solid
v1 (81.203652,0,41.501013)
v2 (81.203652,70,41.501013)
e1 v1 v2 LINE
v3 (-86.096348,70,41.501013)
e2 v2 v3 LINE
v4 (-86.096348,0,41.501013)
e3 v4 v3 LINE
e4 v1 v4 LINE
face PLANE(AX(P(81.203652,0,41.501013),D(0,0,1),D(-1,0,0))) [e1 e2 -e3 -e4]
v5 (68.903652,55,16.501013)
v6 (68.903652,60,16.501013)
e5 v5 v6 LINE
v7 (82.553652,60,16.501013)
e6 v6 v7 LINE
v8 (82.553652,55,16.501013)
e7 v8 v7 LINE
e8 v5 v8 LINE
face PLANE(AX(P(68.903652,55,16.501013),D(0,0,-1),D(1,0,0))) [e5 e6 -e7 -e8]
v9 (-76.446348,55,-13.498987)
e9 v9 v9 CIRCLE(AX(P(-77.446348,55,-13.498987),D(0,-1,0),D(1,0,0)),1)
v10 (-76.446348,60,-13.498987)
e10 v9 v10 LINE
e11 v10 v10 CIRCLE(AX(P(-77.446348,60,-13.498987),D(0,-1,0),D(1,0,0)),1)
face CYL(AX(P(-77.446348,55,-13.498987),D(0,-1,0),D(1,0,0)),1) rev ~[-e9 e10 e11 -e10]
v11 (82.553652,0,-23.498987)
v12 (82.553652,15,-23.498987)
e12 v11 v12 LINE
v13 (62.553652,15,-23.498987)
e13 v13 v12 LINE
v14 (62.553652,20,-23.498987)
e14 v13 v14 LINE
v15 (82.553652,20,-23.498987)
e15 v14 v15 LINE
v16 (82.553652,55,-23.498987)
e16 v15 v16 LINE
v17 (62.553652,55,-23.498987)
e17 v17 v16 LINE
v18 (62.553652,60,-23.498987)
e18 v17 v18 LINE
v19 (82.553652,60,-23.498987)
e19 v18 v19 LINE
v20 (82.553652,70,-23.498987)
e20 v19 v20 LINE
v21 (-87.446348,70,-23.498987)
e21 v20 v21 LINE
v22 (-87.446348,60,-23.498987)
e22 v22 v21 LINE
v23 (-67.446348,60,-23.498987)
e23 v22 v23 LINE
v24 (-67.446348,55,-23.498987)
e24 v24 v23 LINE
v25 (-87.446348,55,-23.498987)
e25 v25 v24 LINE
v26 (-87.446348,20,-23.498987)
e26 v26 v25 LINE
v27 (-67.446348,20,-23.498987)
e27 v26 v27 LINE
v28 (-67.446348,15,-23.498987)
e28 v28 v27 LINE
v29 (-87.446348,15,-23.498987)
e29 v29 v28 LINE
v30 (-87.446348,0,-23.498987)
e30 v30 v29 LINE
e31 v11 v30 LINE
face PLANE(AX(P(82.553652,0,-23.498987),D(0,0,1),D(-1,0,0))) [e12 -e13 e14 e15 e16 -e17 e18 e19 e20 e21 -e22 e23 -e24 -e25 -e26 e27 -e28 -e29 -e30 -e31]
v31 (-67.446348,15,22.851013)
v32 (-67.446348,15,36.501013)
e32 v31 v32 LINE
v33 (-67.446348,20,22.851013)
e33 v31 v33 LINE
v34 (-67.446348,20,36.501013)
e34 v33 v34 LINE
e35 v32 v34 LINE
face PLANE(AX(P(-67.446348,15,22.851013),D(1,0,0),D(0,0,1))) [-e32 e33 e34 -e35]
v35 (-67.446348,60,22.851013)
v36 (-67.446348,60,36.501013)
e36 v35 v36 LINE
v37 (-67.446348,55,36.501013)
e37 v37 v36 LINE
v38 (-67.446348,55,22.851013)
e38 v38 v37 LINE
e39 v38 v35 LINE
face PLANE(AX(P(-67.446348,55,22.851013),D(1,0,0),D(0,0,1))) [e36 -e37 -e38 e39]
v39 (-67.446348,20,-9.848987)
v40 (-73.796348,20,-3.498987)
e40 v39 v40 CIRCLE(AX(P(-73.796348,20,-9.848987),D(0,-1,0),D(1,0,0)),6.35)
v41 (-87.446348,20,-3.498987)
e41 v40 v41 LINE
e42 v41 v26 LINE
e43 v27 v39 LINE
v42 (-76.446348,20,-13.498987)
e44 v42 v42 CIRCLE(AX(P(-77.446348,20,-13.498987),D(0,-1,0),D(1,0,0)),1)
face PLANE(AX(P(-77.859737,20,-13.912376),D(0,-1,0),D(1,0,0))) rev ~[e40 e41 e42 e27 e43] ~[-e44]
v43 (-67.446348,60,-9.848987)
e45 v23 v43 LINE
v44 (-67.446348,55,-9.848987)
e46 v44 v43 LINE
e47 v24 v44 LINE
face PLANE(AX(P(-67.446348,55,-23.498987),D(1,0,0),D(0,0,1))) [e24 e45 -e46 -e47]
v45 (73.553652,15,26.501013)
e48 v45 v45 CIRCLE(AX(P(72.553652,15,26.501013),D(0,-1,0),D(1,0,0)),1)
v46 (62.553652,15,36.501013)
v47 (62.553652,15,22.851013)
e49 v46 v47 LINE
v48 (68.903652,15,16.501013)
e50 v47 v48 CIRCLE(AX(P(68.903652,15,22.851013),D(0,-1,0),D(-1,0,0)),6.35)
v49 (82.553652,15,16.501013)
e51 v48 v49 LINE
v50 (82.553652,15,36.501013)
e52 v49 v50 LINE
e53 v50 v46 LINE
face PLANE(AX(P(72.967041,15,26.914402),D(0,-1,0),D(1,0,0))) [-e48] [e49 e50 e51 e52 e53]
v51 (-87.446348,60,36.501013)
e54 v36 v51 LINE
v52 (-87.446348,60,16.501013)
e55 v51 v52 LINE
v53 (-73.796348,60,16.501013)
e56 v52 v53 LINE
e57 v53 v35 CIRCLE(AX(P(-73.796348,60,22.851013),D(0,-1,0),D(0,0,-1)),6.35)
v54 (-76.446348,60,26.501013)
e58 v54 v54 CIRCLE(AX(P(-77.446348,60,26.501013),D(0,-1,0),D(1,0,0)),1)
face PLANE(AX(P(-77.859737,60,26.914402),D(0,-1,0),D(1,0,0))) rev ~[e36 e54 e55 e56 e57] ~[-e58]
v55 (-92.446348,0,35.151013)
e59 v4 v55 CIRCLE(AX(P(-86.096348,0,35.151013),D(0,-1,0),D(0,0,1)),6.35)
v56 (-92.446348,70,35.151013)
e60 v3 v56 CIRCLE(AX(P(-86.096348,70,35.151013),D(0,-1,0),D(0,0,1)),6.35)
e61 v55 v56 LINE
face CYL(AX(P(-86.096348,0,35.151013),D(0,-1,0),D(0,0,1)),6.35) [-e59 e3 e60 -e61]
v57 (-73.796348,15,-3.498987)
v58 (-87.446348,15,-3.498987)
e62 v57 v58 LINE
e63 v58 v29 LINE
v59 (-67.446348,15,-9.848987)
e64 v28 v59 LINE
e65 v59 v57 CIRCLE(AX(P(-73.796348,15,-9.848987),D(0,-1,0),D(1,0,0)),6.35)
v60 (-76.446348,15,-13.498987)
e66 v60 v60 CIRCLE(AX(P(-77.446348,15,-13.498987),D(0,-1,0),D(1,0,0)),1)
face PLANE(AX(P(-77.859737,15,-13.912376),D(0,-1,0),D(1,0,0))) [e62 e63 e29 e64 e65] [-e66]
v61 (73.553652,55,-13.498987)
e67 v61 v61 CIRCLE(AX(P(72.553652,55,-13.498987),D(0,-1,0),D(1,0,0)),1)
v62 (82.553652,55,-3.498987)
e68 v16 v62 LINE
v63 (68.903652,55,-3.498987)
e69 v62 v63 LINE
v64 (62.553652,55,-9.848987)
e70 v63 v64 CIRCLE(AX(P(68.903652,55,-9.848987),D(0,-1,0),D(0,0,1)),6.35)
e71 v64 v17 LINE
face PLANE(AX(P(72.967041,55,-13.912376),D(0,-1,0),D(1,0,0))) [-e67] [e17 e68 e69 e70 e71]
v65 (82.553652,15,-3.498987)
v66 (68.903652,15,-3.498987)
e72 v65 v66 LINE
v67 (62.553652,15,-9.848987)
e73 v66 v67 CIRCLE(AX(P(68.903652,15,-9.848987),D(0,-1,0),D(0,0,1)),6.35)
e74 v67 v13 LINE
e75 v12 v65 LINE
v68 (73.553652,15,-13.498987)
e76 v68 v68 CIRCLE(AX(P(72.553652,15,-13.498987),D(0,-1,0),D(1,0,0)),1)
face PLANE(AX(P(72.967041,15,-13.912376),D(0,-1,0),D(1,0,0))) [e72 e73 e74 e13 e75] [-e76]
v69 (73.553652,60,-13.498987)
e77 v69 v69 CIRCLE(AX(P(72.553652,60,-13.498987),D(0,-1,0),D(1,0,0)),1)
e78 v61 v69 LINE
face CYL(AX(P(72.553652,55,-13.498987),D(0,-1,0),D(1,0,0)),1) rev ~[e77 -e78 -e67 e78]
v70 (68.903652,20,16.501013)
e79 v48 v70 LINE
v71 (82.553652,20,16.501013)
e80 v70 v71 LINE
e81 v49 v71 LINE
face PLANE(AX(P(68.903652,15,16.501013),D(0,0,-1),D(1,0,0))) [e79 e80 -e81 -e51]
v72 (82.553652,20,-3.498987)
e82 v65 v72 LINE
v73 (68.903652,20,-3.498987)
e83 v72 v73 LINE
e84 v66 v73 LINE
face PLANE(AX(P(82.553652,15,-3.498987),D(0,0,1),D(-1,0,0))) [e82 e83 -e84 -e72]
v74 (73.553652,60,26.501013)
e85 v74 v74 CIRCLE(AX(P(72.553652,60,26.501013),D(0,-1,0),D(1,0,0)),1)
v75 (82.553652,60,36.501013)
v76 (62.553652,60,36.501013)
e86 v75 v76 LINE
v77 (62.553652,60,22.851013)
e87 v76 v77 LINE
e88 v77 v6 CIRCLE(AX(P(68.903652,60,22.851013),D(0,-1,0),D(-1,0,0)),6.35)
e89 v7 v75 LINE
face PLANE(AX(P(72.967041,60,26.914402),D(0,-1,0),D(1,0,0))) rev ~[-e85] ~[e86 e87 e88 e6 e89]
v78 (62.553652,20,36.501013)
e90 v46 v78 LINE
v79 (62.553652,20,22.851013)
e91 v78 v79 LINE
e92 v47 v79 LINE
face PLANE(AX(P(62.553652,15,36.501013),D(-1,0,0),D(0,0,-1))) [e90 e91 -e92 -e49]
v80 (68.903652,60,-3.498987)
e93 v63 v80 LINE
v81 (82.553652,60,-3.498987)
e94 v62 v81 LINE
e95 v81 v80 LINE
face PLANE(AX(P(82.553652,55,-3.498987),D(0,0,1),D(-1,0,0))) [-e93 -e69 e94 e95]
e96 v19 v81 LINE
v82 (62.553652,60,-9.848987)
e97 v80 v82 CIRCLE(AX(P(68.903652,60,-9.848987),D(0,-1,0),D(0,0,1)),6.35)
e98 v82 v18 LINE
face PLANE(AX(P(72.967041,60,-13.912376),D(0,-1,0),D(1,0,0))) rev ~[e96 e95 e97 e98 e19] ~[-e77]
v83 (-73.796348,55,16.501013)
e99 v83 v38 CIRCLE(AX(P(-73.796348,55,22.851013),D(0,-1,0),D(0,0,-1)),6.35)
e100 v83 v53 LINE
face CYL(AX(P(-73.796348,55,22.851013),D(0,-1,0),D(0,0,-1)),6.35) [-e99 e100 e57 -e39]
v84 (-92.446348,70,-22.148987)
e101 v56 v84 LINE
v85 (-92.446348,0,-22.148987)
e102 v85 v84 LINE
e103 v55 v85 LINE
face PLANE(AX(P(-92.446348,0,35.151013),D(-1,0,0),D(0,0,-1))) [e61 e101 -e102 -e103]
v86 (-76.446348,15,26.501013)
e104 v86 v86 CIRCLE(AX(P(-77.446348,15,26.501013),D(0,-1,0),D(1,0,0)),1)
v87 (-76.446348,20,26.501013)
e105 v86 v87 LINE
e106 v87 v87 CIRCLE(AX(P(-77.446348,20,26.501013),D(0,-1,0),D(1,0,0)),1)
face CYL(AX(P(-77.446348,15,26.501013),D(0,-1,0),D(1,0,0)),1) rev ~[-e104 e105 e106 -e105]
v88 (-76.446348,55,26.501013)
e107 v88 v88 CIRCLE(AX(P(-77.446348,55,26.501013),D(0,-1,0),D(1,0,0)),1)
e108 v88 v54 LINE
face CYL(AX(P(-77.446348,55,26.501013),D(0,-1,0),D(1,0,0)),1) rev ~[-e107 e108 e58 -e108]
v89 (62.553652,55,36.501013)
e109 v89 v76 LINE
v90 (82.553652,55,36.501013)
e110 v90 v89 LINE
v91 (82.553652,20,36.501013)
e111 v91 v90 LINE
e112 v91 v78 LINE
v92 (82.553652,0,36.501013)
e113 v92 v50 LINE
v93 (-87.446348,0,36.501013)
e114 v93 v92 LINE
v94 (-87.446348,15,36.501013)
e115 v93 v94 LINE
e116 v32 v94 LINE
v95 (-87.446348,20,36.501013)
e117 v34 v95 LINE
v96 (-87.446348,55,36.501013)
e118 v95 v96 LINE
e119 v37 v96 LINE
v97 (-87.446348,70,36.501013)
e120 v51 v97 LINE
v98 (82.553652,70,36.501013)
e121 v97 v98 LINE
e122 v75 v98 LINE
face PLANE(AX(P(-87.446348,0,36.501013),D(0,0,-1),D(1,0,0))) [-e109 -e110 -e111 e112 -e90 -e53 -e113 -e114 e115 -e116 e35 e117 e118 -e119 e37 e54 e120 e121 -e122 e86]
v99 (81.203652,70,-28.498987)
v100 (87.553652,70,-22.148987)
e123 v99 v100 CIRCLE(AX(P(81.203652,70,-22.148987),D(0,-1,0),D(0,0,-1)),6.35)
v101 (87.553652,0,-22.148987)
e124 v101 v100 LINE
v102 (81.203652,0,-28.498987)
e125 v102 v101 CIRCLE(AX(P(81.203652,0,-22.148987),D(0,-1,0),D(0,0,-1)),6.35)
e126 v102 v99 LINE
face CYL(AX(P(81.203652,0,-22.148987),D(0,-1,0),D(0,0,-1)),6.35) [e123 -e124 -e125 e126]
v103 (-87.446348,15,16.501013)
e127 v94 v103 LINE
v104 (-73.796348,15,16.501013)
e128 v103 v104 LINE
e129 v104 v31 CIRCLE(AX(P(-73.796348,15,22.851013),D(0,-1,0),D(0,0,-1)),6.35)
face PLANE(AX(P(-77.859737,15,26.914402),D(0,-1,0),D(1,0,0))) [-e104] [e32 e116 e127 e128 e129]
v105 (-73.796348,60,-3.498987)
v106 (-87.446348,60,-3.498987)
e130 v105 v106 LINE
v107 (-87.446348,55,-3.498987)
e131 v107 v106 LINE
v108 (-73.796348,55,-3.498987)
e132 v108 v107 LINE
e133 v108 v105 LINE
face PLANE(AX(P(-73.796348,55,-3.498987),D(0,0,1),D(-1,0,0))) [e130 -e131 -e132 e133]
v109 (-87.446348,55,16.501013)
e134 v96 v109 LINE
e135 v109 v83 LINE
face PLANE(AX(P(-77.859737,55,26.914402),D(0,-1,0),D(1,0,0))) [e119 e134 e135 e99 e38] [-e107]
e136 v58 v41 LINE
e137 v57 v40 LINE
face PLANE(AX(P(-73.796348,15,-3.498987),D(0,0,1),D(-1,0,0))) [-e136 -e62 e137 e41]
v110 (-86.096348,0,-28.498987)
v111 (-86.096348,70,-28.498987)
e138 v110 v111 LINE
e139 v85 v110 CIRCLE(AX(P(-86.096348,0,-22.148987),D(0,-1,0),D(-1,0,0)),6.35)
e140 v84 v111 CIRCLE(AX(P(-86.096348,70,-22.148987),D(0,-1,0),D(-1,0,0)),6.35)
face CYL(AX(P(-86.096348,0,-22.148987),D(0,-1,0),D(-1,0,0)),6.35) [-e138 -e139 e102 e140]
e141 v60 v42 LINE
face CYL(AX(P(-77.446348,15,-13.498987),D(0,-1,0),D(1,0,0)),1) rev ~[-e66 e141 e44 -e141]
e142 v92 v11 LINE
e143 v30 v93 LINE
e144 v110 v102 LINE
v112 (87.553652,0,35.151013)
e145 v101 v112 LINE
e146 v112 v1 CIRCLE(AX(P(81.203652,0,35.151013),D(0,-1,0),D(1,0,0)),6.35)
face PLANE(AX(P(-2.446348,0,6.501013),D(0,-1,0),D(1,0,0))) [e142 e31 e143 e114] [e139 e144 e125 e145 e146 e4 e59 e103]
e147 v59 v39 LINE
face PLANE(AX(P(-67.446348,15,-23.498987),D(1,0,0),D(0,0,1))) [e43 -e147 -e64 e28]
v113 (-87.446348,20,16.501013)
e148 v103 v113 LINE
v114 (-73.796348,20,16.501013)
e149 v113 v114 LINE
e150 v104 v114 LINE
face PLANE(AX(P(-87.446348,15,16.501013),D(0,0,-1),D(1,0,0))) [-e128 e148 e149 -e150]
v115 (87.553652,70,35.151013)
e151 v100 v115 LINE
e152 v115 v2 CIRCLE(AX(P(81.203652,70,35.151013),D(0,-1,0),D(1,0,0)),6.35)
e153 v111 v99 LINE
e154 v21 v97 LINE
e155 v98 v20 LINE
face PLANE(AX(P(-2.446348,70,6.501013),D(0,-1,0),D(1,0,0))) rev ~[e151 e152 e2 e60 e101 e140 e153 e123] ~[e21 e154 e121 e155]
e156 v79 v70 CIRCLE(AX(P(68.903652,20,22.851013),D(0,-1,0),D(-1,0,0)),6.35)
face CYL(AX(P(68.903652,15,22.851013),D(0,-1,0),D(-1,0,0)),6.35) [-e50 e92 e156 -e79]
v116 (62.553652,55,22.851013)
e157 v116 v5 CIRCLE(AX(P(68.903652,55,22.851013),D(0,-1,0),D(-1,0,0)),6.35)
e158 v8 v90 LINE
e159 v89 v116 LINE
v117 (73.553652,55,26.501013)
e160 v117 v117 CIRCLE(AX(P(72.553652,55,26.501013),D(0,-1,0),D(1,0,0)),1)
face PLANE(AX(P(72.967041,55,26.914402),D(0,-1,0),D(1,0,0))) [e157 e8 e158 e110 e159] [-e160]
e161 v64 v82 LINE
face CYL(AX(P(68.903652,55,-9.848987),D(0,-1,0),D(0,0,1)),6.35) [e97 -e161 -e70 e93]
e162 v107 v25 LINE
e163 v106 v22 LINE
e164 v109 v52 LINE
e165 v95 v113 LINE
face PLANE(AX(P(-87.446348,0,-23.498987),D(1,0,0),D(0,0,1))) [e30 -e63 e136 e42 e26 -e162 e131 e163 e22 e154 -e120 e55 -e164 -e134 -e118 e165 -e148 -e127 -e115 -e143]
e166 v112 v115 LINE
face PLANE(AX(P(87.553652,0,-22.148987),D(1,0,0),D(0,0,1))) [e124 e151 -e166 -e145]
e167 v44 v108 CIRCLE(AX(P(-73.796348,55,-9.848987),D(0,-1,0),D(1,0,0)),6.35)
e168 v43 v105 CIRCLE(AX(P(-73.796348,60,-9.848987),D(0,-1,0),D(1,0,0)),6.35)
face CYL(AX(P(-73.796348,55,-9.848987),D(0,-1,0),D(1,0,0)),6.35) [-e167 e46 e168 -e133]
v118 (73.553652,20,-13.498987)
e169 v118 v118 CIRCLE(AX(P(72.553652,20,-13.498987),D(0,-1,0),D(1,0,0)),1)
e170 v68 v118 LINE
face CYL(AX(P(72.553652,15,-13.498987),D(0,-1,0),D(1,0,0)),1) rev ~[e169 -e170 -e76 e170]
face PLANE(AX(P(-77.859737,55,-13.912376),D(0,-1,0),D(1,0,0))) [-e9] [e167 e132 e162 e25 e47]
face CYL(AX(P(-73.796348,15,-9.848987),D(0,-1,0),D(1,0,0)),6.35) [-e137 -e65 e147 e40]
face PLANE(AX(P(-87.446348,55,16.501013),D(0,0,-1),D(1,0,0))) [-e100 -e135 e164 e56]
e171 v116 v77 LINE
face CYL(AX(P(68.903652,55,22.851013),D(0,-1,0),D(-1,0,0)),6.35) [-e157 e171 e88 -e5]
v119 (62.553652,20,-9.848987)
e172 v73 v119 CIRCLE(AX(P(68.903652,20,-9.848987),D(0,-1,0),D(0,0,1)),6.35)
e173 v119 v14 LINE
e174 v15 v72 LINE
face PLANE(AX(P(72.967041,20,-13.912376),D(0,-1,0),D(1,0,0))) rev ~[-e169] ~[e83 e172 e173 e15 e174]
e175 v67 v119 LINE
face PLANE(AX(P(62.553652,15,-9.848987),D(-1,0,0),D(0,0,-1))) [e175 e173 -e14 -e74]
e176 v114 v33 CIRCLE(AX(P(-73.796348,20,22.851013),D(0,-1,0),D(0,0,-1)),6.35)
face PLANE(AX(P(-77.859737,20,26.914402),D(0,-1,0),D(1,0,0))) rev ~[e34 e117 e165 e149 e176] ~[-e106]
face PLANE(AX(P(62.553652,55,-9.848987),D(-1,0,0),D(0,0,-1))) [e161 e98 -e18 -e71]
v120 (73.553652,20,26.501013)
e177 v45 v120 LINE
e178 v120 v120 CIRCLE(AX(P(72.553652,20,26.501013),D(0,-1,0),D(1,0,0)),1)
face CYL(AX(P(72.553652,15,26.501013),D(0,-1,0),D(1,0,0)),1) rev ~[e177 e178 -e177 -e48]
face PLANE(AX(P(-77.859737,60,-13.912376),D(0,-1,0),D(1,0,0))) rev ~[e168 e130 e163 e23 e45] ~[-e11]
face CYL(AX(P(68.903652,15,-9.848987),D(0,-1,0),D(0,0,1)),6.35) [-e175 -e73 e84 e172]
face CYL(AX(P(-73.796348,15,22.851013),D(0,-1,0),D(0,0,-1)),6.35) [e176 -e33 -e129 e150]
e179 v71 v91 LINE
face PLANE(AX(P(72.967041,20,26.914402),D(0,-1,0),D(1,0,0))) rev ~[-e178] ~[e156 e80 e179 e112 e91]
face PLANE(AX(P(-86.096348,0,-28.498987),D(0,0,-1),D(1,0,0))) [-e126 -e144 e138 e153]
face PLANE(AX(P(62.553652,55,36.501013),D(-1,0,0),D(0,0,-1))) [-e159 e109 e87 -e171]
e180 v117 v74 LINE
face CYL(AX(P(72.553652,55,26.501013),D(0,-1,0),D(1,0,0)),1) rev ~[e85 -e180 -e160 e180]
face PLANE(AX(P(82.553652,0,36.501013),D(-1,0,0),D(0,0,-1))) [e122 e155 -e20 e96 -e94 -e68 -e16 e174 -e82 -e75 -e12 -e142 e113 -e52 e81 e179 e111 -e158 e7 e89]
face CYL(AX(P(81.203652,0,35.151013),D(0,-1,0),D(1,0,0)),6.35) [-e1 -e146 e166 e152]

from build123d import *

# Parameters (mm, degrees)
F1_DEPTH = 70
F2_START = -15
F0_R     = 1
F2_DEPTH = 5
F3_START = -55
F3_DEPTH = 5


with BuildPart() as f1:
    # F0 (on Front) → F1 (new body)
    with BuildSketch(Plane.XZ):
        with BuildLine():
            Line((81.2036521524, 41.5010131064), (-86.0963478476, 41.5010131064))
            ThreePointArc((-86.0963478476, 41.5010131064), (-90.5864759081, 39.6411411669), (-92.4463478476, 35.1510131064))
            Line((-92.4463478476, 35.1510131064), (-92.4463478476, -22.1489868936))
            ThreePointArc((-92.4463478476, -22.1489868936), (-90.5864759081, -26.6391149541), (-86.0963478476, -28.4989868936))
            Line((-86.0963478476, -28.4989868936), (81.2036521524, -28.4989868936))
            ThreePointArc((81.2036521524, -28.4989868936), (85.693780213, -26.6391149541), (87.5536521524, -22.1489868936))
            Line((87.5536521524, -22.1489868936), (87.5536521524, 35.1510131064))
            ThreePointArc((87.5536521524, 35.1510131064), (85.693780213, 39.6411411669), (81.2036521524, 41.5010131064))
        make_face()
        Polygon((-87.4463478476, 16.5010131064), (-87.4463478476, 36.5010131064), (-67.4463478476, 36.5010131064), (-62.4463478476, 36.5010131064), (-7.4463478476, 36.5010131064), (62.5536521524, 36.5010131064), (82.5536521524, 36.5010131064), (82.5536521524, 16.5010131064), (82.5536521524, -3.4989868936), (82.5536521524, -23.4989868936), (62.5536521524, -23.4989868936), (-7.4463478476, -23.4989868936), (-12.4463478476, -23.4989868936), (-62.4463478476, -23.4989868936), (-67.4463478476, -23.4989868936), (-87.4463478476, -23.4989868936), (-87.4463478476, -3.4989868936), align=None, mode=Mode.SUBTRACT)
    extrude(amount=-F1_DEPTH)

    # F0 (on Front) → F2 (join)
    with BuildSketch(Plane.XZ.offset(F2_START)):
        with BuildLine():
            Line((-73.7963478476, -3.4989868936), (-87.4463478476, -3.4989868936))
            Line((-87.4463478476, -3.4989868936), (-87.4463478476, -23.4989868936))
            Line((-87.4463478476, -23.4989868936), (-67.4463478476, -23.4989868936))
            Line((-67.4463478476, -23.4989868936), (-67.4463478476, -18.4989868936))
            Line((-67.4463478476, -18.4989868936), (-67.4463478476, -9.8489868936))
            ThreePointArc((-67.4463478476, -9.8489868936), (-69.306219787, -5.3588588331), (-73.7963478476, -3.4989868936))
        make_face()
        with Locations((-77.4463478476, -13.4989868936)):
            Circle(F0_R, mode=Mode.SUBTRACT)
        with BuildLine():
            Line((62.5536521524, -9.8489868936), (62.5536521524, -23.4989868936))
            Line((62.5536521524, -23.4989868936), (82.5536521524, -23.4989868936))
            Line((82.5536521524, -23.4989868936), (82.5536521524, -3.4989868936))
            Line((82.5536521524, -3.4989868936), (68.9036521524, -3.4989868936))
            ThreePointArc((68.9036521524, -3.4989868936), (64.4135240919, -5.3588588331), (62.5536521524, -9.8489868936))
        make_face()
        with Locations((72.5536521524, -13.4989868936)):
            Circle(F0_R, mode=Mode.SUBTRACT)
        with BuildLine():
            Line((82.5536521524, 36.5010131064), (62.5536521524, 36.5010131064))
            Line((62.5536521524, 36.5010131064), (62.5536521524, 22.8510131064))
            ThreePointArc((62.5536521524, 22.8510131064), (64.4135240919, 18.3608850459), (68.9036521524, 16.5010131064))
            Line((68.9036521524, 16.5010131064), (82.5536521524, 16.5010131064))
            Line((82.5536521524, 16.5010131064), (82.5536521524, 36.5010131064))
        make_face()
        with Locations((72.5536521524, 26.5010131064)):
            Circle(F0_R, mode=Mode.SUBTRACT)
        with BuildLine():
            Line((-67.4463478476, 36.5010131064), (-87.4463478476, 36.5010131064))
            Line((-87.4463478476, 36.5010131064), (-87.4463478476, 16.5010131064))
            Line((-87.4463478476, 16.5010131064), (-73.7963478476, 16.5010131064))
            ThreePointArc((-73.7963478476, 16.5010131064), (-69.306219787, 18.3608850459), (-67.4463478476, 22.8510131064))
            Line((-67.4463478476, 22.8510131064), (-67.4463478476, 36.5010131064))
        make_face()
        with Locations((-77.4463478476, 26.5010131064)):
            Circle(F0_R, mode=Mode.SUBTRACT)
    extrude(amount=-F2_DEPTH)

    # F0 (on Front) → F3 (join)
    with BuildSketch(Plane.XZ.offset(F3_START)):
        with BuildLine():
            Line((82.5536521524, 36.5010131064), (62.5536521524, 36.5010131064))
            Line((62.5536521524, 36.5010131064), (62.5536521524, 22.8510131064))
            ThreePointArc((62.5536521524, 22.8510131064), (64.4135240919, 18.3608850459), (68.9036521524, 16.5010131064))
            Line((68.9036521524, 16.5010131064), (82.5536521524, 16.5010131064))
            Line((82.5536521524, 16.5010131064), (82.5536521524, 36.5010131064))
        make_face()
        with Locations((72.5536521524, 26.5010131064)):
            Circle(F0_R, mode=Mode.SUBTRACT)
        with BuildLine():
            Line((62.5536521524, -9.8489868936), (62.5536521524, -23.4989868936))
            Line((62.5536521524, -23.4989868936), (82.5536521524, -23.4989868936))
            Line((82.5536521524, -23.4989868936), (82.5536521524, -3.4989868936))
            Line((82.5536521524, -3.4989868936), (68.9036521524, -3.4989868936))
            ThreePointArc((68.9036521524, -3.4989868936), (64.4135240919, -5.3588588331), (62.5536521524, -9.8489868936))
        make_face()
        with Locations((72.5536521524, -13.4989868936)):
            Circle(F0_R, mode=Mode.SUBTRACT)
        with BuildLine():
            Line((-73.7963478476, -3.4989868936), (-87.4463478476, -3.4989868936))
            Line((-87.4463478476, -3.4989868936), (-87.4463478476, -23.4989868936))
            Line((-87.4463478476, -23.4989868936), (-67.4463478476, -23.4989868936))
            Line((-67.4463478476, -23.4989868936), (-67.4463478476, -18.4989868936))
            Line((-67.4463478476, -18.4989868936), (-67.4463478476, -9.8489868936))
            ThreePointArc((-67.4463478476, -9.8489868936), (-69.306219787, -5.3588588331), (-73.7963478476, -3.4989868936))
        make_face()
        with Locations((-77.4463478476, -13.4989868936)):
            Circle(F0_R, mode=Mode.SUBTRACT)
        with BuildLine():
            Line((-67.4463478476, 36.5010131064), (-87.4463478476, 36.5010131064))
            Line((-87.4463478476, 36.5010131064), (-87.4463478476, 16.5010131064))
            Line((-87.4463478476, 16.5010131064), (-73.7963478476, 16.5010131064))
            ThreePointArc((-73.7963478476, 16.5010131064), (-69.306219787, 18.3608850459), (-67.4463478476, 22.8510131064))
            Line((-67.4463478476, 22.8510131064), (-67.4463478476, 36.5010131064))
        make_face()
        with Locations((-77.4463478476, 26.5010131064)):
            Circle(F0_R, mode=Mode.SUBTRACT)
    extrude(amount=-F3_DEPTH)


solid = f1.part
